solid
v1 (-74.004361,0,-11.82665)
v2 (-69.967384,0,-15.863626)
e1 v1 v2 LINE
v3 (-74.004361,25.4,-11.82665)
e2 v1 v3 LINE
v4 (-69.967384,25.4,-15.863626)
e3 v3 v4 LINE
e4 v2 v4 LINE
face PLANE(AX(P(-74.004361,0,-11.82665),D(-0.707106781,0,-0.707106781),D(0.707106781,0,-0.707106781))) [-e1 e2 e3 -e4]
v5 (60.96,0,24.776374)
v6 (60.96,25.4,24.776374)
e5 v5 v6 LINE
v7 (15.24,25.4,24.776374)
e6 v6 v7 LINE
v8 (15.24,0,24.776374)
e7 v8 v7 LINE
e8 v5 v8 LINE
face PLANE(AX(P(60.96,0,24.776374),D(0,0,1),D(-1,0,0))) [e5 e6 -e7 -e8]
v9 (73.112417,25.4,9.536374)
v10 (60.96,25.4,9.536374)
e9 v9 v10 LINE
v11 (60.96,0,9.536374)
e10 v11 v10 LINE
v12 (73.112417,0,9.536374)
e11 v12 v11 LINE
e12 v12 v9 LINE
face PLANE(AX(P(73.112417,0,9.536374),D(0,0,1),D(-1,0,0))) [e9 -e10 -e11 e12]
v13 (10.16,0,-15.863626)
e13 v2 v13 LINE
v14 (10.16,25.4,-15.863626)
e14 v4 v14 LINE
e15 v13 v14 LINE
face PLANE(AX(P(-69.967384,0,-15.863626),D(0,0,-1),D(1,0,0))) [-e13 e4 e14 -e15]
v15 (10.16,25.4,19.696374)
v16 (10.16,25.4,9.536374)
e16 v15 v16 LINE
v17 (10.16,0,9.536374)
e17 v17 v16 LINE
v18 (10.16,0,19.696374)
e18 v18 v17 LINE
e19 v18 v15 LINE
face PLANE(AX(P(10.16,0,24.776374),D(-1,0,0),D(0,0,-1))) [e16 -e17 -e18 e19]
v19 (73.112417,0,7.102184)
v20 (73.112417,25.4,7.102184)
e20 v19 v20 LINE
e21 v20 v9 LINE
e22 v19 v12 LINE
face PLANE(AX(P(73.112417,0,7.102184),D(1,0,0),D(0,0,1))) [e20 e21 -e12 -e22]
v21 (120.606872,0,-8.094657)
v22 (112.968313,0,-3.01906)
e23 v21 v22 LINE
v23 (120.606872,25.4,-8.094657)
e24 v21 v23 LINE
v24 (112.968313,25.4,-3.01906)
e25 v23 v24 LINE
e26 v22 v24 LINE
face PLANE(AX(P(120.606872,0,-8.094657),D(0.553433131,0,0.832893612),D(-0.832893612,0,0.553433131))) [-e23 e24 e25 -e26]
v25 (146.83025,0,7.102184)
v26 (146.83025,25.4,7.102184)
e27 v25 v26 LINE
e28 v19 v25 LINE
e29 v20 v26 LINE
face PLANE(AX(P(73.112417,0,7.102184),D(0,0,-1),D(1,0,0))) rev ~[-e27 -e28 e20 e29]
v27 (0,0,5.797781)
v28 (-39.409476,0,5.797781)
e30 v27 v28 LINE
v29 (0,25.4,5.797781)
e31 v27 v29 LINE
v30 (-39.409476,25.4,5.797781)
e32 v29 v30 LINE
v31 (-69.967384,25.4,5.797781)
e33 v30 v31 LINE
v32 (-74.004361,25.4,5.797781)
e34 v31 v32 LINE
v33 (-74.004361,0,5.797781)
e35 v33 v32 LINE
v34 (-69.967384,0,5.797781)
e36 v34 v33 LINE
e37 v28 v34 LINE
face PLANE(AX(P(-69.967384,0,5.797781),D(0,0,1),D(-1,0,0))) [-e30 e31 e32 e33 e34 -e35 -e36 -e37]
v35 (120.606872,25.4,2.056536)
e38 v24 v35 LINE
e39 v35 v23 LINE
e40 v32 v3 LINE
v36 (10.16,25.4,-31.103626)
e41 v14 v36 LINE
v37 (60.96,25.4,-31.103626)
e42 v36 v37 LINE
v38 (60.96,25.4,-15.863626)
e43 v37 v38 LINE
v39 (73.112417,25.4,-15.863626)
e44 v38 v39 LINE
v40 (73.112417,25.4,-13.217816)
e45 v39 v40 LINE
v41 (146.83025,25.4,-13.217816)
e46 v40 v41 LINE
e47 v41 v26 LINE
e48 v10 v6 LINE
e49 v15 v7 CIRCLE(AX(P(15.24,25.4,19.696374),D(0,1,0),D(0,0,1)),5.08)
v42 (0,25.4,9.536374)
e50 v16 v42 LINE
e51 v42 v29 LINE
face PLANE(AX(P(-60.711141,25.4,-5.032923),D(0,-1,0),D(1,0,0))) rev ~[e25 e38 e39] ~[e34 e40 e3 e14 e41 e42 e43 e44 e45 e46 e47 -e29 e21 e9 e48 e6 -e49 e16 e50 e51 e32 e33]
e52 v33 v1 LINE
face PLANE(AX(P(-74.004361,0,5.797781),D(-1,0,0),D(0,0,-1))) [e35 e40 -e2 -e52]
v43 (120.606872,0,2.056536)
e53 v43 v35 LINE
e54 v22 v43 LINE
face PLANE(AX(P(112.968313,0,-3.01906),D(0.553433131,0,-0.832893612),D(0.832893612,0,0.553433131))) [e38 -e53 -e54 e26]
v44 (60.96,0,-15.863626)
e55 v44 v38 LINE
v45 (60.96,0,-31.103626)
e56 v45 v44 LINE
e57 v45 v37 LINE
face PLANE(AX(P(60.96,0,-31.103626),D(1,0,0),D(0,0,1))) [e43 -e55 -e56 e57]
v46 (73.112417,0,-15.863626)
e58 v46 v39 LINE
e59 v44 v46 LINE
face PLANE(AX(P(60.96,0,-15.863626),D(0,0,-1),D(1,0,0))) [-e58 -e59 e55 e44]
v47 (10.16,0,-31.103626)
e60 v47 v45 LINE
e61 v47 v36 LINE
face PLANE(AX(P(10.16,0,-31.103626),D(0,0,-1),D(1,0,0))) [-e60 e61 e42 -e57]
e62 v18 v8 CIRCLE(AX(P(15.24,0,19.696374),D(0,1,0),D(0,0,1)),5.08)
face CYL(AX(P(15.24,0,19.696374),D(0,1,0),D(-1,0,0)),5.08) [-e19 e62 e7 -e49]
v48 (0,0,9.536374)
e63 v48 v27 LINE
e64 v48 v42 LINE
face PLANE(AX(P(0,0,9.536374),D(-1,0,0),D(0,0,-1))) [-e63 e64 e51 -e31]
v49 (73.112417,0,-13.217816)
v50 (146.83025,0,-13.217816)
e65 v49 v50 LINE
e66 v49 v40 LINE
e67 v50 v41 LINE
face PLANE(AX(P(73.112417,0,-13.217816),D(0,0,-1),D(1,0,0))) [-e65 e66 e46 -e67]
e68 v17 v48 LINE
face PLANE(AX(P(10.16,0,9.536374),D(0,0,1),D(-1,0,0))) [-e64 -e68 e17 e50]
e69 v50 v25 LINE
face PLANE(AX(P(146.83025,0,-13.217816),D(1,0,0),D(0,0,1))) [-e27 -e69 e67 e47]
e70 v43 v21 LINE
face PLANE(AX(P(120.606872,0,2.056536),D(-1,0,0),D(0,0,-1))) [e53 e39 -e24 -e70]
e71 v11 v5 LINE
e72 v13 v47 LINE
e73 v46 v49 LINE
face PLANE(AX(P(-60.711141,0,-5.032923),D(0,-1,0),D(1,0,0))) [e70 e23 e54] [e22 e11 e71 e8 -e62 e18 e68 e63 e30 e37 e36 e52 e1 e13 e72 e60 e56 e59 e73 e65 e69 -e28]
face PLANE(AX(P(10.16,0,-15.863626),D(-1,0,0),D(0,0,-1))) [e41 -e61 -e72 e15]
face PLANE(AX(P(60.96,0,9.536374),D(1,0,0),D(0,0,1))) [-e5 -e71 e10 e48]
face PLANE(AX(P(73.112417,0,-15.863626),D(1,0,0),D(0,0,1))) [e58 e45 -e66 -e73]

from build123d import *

# Parameters (mm, degrees)
F0_W     = 18.5124866861
F0_H     = 21.6614069645
F0_W_2   = 12.0454215246
F0_W_3   = 73.7178325796
F0_H_2   = 20.32
F1_DEPTH = 25.399999693
F2_R     = 5.08


with BuildPart() as f1:
    # F0 (on Front) → F1 (new body)
    with BuildSketch(Plane.XZ):
        with Locations((-60.7111408332, -5.0329225945)):
            Rectangle(F0_W, F0_H)
        Polygon((-74.0043607078, -11.8266495452), (-69.9673841763, -15.8636260767), (-69.9673841763, 5.7977808877), (-74.0043607078, 5.7977808877), align=None)
        with Locations((-45.4321867279, -5.0329225945)):
            Rectangle(F0_W_2, F0_H)
        Polygon((-39.4094759656, 5.7977808877), (-39.4094759656, -15.8636260767), (10.16, -15.8636260767), (10.16, 9.5363739233), (0, 9.5363739233), (0, 5.7977808877), align=None)
        Polygon((10.16, 9.5363739233), (10.16, -15.8636260767), (10.16, -31.1036260767), (20.1555099338, -31.1036260767), (20.1555099338, -15.7277081162), (31.0831721872, -15.5134415254), (31.0831721872, 9.3416357413), (19.0822575136, 9.3416357413), (19.0822575136, 24.7763739233), (10.16, 24.7763739233), align=None)
        Polygon((20.1555099338, -15.7277081162), (20.1555099338, -31.1036260767), (51.8696520655, -31.1036260767), (51.8696520655, -15.7424807711), (42.6536388695, -15.7424807711), (42.6536388695, 9.1273672879), (51.652893424, 9.3416357413), (51.652893424, 24.7763739233), (19.0822575136, 24.7763739233), (19.0822575136, 9.3416357413), (31.0831721872, 9.3416357413), (31.0831721872, -15.5134415254), align=None)
        Polygon((51.8696520655, -15.7424807711), (51.8696520655, -31.1036260767), (60.96, -31.1036260767), (60.96, -15.8636260767), (60.96, 9.5363739233), (60.96, 24.7763739233), (51.652893424, 24.7763739233), (51.652893424, 9.3416357413), (42.6536388695, 9.1273672879), (42.6536388695, -15.7424807711), align=None)
        Polygon((60.96, 9.5363739233), (60.96, -15.8636260767), (73.1124170143, -15.8636260767), (73.1124170143, -13.2178157567), (73.1124170143, 7.1021842433), (73.1124170143, 9.5363739233), align=None)
        with Locations((109.971333304, -3.0578157567)):
            Rectangle(F0_W_3, F0_H_2)
        Polygon((112.9683130925, -3.0190604849), (120.6068721646, 2.0565357327), (120.6068721646, -8.0946567025), align=None, mode=Mode.SUBTRACT)
    extrude(amount=-F1_DEPTH)

    # F2
    f2_edges = [f1.edges().sort_by_distance(p)[0] for p in [
        (10.16, 12.7, 24.776374),
    ]]
    fillet(f2_edges, radius=F2_R)


solid = f1.part
